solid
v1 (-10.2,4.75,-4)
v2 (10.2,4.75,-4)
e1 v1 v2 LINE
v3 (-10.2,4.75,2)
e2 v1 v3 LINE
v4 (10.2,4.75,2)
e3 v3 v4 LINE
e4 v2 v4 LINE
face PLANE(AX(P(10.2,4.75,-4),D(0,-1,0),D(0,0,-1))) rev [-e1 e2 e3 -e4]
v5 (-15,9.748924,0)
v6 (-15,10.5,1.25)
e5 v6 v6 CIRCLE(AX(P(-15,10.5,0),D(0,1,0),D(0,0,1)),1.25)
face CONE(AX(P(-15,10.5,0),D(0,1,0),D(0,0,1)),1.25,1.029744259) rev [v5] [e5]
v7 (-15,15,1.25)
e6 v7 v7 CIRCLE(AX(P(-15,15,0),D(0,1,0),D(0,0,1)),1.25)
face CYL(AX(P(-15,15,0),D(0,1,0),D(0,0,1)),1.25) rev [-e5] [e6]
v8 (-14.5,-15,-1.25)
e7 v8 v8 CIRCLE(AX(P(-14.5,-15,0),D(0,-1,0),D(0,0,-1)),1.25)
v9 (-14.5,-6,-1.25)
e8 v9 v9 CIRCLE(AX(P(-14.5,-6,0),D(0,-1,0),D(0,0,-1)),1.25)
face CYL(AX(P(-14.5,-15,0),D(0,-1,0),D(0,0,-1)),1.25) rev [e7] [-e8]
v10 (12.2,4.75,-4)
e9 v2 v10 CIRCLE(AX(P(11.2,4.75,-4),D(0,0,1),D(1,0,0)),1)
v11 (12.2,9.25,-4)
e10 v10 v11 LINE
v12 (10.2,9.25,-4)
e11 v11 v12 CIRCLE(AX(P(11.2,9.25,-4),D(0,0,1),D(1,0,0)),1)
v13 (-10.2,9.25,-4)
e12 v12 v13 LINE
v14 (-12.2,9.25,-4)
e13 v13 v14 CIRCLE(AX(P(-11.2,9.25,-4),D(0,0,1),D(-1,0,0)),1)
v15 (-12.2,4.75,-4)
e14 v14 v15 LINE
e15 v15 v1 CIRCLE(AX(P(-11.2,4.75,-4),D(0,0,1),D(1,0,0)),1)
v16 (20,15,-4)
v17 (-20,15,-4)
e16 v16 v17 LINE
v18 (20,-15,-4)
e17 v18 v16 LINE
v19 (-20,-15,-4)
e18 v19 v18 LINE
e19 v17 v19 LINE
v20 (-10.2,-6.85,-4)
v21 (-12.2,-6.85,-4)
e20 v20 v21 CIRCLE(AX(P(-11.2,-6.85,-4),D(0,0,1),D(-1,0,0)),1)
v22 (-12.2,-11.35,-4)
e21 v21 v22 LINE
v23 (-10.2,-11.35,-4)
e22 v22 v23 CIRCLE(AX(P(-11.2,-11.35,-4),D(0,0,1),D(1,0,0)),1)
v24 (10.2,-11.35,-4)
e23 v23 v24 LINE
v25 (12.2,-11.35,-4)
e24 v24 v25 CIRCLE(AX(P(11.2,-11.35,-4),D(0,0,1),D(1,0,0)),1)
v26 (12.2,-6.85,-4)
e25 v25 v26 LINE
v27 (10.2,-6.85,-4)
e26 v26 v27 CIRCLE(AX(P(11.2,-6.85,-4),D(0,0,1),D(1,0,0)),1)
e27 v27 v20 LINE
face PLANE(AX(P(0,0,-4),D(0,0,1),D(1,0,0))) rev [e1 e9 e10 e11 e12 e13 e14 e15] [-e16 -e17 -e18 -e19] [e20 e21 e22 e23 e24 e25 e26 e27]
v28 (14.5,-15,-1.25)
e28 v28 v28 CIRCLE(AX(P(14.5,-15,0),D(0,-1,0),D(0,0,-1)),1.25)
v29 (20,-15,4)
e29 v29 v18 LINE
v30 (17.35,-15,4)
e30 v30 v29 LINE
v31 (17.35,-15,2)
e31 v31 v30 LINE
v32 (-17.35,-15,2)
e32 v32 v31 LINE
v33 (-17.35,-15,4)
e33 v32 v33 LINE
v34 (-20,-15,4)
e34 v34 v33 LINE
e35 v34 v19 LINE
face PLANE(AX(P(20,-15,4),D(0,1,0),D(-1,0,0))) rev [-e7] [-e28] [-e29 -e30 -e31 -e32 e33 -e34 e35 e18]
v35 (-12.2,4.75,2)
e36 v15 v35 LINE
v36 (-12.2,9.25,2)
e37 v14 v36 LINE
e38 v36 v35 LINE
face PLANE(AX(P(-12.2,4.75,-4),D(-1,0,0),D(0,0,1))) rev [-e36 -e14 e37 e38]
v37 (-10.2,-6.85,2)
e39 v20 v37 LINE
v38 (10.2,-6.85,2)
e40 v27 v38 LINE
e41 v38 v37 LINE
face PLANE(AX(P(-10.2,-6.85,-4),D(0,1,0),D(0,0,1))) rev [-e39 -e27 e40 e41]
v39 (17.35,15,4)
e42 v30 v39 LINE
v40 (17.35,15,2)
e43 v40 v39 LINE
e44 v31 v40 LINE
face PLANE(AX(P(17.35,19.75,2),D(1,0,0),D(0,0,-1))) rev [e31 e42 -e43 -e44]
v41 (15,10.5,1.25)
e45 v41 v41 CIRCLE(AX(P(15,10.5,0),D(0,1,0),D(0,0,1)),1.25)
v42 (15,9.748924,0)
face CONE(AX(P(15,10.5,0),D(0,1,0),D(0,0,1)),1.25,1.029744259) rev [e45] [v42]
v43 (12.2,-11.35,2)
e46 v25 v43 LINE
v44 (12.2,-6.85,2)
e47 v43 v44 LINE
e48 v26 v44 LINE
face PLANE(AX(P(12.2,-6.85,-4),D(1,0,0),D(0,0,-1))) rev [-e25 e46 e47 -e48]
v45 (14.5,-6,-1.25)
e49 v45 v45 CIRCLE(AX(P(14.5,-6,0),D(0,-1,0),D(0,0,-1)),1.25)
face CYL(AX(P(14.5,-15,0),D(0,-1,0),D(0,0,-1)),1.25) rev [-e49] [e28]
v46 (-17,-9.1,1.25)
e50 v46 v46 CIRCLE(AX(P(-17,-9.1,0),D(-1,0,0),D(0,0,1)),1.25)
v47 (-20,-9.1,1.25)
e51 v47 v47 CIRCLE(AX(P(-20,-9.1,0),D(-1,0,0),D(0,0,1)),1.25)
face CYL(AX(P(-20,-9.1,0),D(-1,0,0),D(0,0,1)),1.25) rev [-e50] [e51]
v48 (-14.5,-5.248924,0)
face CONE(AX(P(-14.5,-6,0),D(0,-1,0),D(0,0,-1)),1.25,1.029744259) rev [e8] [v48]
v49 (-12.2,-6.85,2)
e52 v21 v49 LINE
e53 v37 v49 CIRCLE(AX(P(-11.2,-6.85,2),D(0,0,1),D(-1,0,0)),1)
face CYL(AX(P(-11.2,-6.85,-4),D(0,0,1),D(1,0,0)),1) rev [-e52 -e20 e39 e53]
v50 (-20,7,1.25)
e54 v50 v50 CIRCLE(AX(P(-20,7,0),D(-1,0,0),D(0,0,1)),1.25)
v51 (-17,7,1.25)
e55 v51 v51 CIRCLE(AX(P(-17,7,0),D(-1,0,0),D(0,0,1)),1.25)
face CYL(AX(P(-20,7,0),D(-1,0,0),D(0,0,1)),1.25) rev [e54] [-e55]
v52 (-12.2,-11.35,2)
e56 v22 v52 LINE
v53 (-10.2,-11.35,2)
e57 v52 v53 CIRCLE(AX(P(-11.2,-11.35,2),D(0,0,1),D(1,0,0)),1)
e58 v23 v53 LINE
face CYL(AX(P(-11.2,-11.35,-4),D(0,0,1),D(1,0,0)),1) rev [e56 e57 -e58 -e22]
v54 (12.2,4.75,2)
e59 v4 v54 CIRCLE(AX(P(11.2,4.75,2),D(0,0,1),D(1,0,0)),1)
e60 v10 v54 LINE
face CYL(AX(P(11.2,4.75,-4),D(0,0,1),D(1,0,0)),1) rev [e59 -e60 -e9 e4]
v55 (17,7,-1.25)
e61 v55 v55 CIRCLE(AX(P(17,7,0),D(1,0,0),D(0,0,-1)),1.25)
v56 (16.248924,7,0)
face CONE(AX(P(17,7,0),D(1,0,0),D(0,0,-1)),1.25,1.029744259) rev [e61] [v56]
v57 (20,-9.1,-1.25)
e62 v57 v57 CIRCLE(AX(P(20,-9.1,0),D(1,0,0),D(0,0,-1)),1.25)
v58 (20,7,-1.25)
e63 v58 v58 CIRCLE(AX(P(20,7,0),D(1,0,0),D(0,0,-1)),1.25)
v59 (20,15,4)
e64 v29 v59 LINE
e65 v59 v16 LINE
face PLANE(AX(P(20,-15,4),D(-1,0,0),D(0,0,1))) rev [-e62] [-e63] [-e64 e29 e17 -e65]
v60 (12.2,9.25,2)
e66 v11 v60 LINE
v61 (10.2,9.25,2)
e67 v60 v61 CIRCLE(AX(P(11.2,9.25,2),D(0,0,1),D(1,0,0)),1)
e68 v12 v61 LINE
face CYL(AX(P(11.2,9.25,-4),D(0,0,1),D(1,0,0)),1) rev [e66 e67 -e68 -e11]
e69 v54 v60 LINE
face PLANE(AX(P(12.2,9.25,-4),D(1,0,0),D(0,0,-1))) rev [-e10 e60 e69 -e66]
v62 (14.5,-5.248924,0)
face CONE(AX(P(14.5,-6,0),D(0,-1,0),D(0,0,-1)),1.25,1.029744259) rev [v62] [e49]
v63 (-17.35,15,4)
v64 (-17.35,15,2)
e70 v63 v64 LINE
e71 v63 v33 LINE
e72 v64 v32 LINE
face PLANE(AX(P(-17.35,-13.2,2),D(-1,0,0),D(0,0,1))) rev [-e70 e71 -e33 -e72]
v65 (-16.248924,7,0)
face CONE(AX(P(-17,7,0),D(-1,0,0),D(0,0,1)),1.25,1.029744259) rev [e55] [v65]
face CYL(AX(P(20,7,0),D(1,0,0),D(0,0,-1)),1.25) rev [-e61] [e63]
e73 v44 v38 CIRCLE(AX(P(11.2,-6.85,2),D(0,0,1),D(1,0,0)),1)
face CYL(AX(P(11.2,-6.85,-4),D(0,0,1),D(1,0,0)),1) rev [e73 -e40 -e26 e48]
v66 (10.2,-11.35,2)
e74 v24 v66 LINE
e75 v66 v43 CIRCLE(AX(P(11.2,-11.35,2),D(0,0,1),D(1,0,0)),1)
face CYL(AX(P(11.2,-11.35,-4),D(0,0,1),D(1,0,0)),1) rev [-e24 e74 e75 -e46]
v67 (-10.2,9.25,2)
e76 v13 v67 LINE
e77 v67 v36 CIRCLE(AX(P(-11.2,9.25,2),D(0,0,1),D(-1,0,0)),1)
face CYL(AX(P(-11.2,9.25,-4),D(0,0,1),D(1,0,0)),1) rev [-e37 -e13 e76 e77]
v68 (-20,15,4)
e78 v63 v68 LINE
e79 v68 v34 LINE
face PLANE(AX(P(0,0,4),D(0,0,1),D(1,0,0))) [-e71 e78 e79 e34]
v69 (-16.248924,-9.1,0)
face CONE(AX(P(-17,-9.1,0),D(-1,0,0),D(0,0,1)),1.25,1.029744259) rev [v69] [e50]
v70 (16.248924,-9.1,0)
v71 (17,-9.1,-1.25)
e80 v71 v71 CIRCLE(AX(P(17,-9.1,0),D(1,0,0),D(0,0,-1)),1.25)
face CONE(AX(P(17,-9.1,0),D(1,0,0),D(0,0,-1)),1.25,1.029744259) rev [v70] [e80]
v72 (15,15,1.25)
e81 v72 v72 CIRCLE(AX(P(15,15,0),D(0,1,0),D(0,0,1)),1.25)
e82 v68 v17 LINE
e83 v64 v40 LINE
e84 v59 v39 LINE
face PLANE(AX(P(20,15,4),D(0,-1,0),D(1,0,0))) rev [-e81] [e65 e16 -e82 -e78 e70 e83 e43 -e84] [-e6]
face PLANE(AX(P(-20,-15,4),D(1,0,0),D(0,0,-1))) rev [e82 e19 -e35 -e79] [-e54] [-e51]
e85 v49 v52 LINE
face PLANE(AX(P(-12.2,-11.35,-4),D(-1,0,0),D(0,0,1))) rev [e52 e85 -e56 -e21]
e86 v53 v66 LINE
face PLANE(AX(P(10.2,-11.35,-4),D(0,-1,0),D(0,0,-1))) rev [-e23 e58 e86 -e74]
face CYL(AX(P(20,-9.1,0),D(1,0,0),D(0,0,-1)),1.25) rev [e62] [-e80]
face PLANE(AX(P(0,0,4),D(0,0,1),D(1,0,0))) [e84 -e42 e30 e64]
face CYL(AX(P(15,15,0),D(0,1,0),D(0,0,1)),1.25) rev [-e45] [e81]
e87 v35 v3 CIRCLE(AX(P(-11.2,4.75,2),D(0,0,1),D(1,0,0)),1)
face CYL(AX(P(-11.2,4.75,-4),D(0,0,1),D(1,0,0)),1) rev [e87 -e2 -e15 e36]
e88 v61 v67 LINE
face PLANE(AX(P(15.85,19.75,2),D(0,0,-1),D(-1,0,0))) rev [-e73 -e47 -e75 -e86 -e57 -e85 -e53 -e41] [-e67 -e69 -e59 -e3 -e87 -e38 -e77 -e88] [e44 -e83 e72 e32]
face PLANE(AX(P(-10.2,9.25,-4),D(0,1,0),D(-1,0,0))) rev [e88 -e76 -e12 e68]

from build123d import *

# Parameters (mm, degrees)
SKETCH1_W                   = 40
SKETCH1_H                   = 30
BOSS_EXTRUDE1_DEPTH         = 4
CUT_EXTRUDE1_DEPTH          = 2
CUT_EXTRUDE2_DEPTH          = 26.709920264
M3_TAPPED_HOLE1_D           = 2.5
M3_TAPPED_HOLE1_DEPTH       = 9
M3_TAPPED_HOLE1_TIP         = 0.751075774
M3_TAPPED_HOLE2_AT_2_COUNT  = 2
M3_TAPPED_HOLE2_AT_2_PITCH  = 16.1
TAP_DRILL_FOR_M3_TAP1_D     = 2.5
TAP_DRILL_FOR_M3_TAP1_DEPTH = 4.5
TAP_DRILL_FOR_M3_TAP1_TIP   = 0.751075774


with BuildPart() as part:
    # Sketch1 → Boss-Extrude1 (new, symmetric)
    with BuildSketch(Plane.XY):
        Rectangle(SKETCH1_W, SKETCH1_H)
    extrude(amount=BOSS_EXTRUDE1_DEPTH, both=True)

    # Sketch2 → Cut-Extrude1 (cut)
    with BuildSketch(Plane.XY.offset(4)):
        with BuildLine():
            Line((-15.85, 21.25), (15.85, 21.25))
            ThreePointArc((15.85, 21.25), (16.910660172, 20.810660172), (17.35, 19.75))
            Line((17.35, 19.75), (17.35, -13.2))
            Line((17.35, -13.2), (17.35, -15))
            Line((17.35, -15), (-17.35, -15))
            Line((-17.35, -15), (-17.35, -13.2))
            Line((-17.35, -13.2), (-17.35, 19.75))
            ThreePointArc((-17.35, 19.75), (-16.910660172, 20.810660172), (-15.85, 21.25))
        make_face()
    extrude(amount=-CUT_EXTRUDE1_DEPTH, mode=Mode.SUBTRACT)

    # Sketch3 → Cut-Extrude2 (cut, through all)
    with BuildSketch(Plane.XY.offset(2)):
        with BuildLine():
            Line((12.2, 9.25), (12.2, 4.75))
            ThreePointArc((12.2, 4.75), (11.2, 3.75), (10.2, 4.75))
            Line((10.2, 4.75), (-10.2, 4.75))
            ThreePointArc((-10.2, 4.75), (-11.2, 3.75), (-12.2, 4.75))
            Line((-12.2, 4.75), (-12.2, 9.25))
            ThreePointArc((-12.2, 9.25), (-11.2, 10.25), (-10.2, 9.25))
            Line((-10.2, 9.25), (10.2, 9.25))
            ThreePointArc((10.2, 9.25), (11.2, 10.25), (12.2, 9.25))
        make_face()
        with BuildLine():
            Line((-10.2, -6.85), (10.2, -6.85))
            ThreePointArc((10.2, -6.85), (11.2, -5.85), (12.2, -6.85))
            Line((12.2, -6.85), (12.2, -11.35))
            ThreePointArc((12.2, -11.35), (11.2, -12.35), (10.2, -11.35))
            Line((10.2, -11.35), (-10.2, -11.35))
            ThreePointArc((-10.2, -11.35), (-11.2, -12.35), (-12.2, -11.35))
            Line((-12.2, -11.35), (-12.2, -6.85))
            ThreePointArc((-12.2, -6.85), (-11.2, -5.85), (-10.2, -6.85))
        make_face()
    extrude(amount=-CUT_EXTRUDE2_DEPTH, mode=Mode.SUBTRACT)

    # M3 Tapped Hole1
    with Locations(Plane(origin=(-0.662160093, -15, 0.523062075), x_dir=(1, 0, 0), z_dir=(0, -1, 0))):
        with Locations((15.162160093, -0.523062075), (-13.837839907, -0.523062075)):
            Hole(M3_TAPPED_HOLE1_D / 2, depth=M3_TAPPED_HOLE1_DEPTH)
            with Locations((0, 0, -(M3_TAPPED_HOLE1_DEPTH + M3_TAPPED_HOLE1_TIP / 2))):  # 118° drill point
                Cone(0, M3_TAPPED_HOLE1_D / 2, M3_TAPPED_HOLE1_TIP, mode=Mode.SUBTRACT)

    # Sketch16 → M3 Tapped Hole2 (revolve, cut)
    with BuildSketch(Plane(origin=(20, 7, 0), x_dir=(0, 0, -1), z_dir=(0, 1, 0))):
        Polygon((0, 0), (0, 3.751075774), (1.25, 3), (1.25, 0), align=None)
    m3_tapped_hole2 = revolve(axis=Axis((26.35, 7, 0), (-1, 0, 0)), mode=Mode.SUBTRACT)

    # M3 Tapped Hole2 at 2: M3 Tapped Hole2 ×2
    with Locations(*[(0, -i * M3_TAPPED_HOLE2_AT_2_PITCH, 0) for i in range(1, M3_TAPPED_HOLE2_AT_2_COUNT)]):
        add(m3_tapped_hole2, mode=Mode.SUBTRACT)

    # Mirror1: M3 Tapped Hole2 across plane
    add(m3_tapped_hole2.mirror(Plane(origin=(0, 0, 0), x_dir=(0, 0, 1), z_dir=(1, 0, 0))), mode=Mode.SUBTRACT)

    # Mirror1 copy 1 sketch → Mirror1 copy 1 (revolve, cut)
    with BuildSketch(Plane(origin=(-20, -9.1, 0), x_dir=(0, 0, -1), z_dir=(0, 1, 0))):
        Polygon((0, 0), (0, -3.751075774), (1.25, -3), (1.25, 0), align=None)
    revolve(axis=Axis((-26.35, -9.1, 0), (-1, 0, 0)), mode=Mode.SUBTRACT)

    # Tap Drill for M3 Tap1
    with Locations(Plane(origin=(0, 15, 0), x_dir=(1, 0, 0), z_dir=(0, 1, 0))):
        with Locations((-15, 0), (15, 0)):
            Hole(TAP_DRILL_FOR_M3_TAP1_D / 2, depth=TAP_DRILL_FOR_M3_TAP1_DEPTH)
            with Locations((0, 0, -(TAP_DRILL_FOR_M3_TAP1_DEPTH + TAP_DRILL_FOR_M3_TAP1_TIP / 2))):  # 118° drill point
                Cone(0, TAP_DRILL_FOR_M3_TAP1_D / 2, TAP_DRILL_FOR_M3_TAP1_TIP, mode=Mode.SUBTRACT)


solid = part.part
